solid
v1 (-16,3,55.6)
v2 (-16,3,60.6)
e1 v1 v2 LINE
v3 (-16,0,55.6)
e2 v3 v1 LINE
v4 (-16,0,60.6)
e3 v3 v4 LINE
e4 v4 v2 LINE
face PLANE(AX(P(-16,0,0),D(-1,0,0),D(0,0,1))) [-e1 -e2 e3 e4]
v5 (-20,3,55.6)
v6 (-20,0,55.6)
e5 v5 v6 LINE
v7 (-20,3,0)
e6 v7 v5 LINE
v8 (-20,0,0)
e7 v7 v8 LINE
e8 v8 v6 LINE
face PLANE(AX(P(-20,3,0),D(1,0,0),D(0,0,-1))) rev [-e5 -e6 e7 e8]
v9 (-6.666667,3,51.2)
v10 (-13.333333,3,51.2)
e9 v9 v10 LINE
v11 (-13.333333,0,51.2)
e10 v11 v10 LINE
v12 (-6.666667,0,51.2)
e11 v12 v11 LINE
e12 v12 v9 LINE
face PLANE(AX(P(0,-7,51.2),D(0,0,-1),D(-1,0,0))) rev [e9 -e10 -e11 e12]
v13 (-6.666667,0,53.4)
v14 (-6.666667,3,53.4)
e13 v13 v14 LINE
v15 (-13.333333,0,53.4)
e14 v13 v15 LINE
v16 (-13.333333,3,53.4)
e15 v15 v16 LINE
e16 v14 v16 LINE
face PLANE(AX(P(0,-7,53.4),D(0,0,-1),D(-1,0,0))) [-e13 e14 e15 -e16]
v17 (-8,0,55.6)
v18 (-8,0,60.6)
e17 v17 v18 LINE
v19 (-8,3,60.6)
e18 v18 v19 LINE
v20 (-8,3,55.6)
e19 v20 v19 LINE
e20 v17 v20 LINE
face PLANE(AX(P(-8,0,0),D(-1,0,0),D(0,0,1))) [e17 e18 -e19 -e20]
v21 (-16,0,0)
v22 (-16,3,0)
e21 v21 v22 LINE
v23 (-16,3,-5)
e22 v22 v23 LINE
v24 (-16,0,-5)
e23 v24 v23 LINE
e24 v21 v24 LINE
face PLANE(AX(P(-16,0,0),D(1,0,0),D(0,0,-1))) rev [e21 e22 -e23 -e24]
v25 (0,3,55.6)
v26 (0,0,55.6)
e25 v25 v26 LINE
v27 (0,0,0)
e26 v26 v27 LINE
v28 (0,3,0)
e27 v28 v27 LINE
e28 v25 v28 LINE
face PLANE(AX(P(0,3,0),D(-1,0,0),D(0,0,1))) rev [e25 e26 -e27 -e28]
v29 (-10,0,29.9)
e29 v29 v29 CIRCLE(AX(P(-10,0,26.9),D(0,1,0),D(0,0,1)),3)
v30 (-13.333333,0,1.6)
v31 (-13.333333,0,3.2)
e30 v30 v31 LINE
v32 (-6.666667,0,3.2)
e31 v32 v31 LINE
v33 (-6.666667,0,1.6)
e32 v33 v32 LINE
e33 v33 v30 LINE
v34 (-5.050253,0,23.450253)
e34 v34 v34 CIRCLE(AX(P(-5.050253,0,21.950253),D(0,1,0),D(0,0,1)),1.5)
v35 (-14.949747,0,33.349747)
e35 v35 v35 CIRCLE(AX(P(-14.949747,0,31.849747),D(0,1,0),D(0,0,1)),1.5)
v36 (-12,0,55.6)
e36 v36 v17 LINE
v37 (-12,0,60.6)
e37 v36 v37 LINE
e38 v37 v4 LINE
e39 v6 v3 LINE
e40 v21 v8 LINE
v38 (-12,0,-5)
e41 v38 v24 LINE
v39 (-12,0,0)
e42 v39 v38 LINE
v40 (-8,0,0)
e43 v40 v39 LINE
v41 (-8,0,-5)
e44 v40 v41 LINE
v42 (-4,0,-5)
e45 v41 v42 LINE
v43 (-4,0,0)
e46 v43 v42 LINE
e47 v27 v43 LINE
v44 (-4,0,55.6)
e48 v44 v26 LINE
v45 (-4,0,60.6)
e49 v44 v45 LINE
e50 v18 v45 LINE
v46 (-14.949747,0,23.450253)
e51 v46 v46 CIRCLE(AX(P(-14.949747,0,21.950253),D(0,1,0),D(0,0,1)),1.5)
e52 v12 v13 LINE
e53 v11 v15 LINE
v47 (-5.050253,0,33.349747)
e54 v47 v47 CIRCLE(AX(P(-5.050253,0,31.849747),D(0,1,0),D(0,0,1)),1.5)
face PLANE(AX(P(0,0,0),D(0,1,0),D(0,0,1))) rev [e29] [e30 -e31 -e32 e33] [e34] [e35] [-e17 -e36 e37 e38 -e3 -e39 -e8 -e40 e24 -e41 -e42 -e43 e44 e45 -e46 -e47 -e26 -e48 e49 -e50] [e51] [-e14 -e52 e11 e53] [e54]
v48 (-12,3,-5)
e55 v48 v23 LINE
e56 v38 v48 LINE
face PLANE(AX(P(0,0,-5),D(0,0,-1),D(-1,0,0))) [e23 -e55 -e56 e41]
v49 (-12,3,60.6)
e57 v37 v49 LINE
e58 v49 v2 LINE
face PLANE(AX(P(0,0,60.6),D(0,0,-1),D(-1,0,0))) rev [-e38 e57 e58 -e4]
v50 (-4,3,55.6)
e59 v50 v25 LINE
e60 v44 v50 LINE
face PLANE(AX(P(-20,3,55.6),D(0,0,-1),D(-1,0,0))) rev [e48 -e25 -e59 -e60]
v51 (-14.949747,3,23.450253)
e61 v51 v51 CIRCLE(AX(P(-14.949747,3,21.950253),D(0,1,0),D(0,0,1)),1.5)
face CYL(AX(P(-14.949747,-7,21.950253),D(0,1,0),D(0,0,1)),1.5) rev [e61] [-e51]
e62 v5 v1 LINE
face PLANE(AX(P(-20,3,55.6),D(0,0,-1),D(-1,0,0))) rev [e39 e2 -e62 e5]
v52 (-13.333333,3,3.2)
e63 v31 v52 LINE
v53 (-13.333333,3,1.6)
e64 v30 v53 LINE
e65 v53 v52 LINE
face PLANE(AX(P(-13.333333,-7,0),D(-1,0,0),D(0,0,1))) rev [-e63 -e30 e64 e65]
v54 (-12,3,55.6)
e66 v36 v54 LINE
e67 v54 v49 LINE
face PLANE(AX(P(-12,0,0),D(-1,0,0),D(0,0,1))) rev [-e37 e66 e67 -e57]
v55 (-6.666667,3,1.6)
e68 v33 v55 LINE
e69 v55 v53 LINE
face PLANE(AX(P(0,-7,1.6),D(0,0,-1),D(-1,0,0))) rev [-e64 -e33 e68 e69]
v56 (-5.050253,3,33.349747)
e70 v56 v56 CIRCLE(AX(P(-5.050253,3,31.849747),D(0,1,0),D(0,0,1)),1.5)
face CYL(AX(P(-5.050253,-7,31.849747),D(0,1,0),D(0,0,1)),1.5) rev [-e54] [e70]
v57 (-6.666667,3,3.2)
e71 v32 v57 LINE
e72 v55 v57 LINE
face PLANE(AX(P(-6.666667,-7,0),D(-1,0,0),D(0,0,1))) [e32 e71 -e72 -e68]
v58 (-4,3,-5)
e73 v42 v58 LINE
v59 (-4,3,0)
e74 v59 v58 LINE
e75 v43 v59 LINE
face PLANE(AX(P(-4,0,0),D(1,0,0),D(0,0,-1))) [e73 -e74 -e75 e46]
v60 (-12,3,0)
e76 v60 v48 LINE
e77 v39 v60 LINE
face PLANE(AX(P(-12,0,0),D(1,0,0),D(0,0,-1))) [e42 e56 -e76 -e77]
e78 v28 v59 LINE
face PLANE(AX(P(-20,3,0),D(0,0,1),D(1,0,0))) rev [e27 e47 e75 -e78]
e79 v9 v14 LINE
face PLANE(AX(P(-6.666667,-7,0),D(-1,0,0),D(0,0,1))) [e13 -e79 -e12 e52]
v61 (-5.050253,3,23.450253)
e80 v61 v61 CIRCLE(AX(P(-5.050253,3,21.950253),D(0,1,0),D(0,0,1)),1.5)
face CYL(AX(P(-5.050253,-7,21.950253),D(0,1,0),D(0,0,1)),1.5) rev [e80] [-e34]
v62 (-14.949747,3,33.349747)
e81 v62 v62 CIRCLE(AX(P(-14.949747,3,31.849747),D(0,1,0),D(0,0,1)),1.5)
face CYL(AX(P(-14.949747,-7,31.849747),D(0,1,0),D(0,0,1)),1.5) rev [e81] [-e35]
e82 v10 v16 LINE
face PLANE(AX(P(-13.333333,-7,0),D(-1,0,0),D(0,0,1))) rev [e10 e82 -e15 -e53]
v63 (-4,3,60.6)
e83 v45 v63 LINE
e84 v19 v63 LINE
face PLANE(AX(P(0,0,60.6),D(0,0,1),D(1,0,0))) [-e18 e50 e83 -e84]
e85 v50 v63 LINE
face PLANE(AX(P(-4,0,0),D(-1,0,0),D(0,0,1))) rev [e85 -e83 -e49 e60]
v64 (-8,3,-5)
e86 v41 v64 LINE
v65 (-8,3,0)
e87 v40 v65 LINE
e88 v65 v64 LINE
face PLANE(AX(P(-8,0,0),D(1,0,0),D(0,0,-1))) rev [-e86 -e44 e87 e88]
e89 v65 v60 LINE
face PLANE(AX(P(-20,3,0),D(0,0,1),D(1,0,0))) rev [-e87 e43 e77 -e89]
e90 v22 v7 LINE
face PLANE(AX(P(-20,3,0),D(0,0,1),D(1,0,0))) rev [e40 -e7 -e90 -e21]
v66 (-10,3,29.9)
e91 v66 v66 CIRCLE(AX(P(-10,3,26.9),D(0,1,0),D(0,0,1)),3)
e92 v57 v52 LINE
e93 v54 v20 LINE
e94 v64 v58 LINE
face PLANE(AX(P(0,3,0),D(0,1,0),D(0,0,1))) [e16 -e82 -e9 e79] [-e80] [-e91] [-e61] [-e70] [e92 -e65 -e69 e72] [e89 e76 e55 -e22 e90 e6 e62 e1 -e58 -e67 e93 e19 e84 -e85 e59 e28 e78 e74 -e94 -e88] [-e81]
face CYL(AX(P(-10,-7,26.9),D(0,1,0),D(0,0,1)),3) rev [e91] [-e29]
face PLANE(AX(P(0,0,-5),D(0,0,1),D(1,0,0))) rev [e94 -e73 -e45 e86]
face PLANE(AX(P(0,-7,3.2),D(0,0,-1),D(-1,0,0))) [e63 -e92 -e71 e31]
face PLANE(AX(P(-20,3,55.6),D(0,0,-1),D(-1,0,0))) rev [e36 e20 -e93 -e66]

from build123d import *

# Parameters (mm, degrees)
SKETCH_1_W          = 20
SKETCH_1_H          = 55.6
EXTRUDE_1_DEPTH     = 3
SKETCH_2_W          = 4
SKETCH_2_H          = 5
EXTRUDE_2_DEPTH     = 3
SKETCH_3_W          = 6.666666666
SKETCH_3_H          = 2.2
SKETCH_3_R          = 1.5
SKETCH_3_R_2        = 3
SKETCH_3_H_2        = 1.6
CUT_EXTRUDE_1_DEPTH = 10


with BuildPart() as part:
    # 草图1 → 凸台-拉伸1 (new body)
    with BuildSketch(Plane(origin=(0, 0, 0), x_dir=(1, 0, 0), z_dir=(0, 1, 0))):
        with Locations((-10, -27.8)):
            Rectangle(SKETCH_1_W, SKETCH_1_H)
    extrude(amount=EXTRUDE_1_DEPTH)

    # 草图2 → 凸台-拉伸2 (add)
    with BuildSketch(Plane(origin=(0, 3, 0), x_dir=(1, 0, 0), z_dir=(0, 1, 0))):
        with Locations((-14, 2.5)):
            Rectangle(SKETCH_2_W, SKETCH_2_H)
        with Locations((-6, 2.5)):
            Rectangle(SKETCH_2_W, SKETCH_2_H)
        with Locations((-14, -58.1)):
            Rectangle(SKETCH_2_W, SKETCH_2_H)
        with Locations((-6, -58.1)):
            Rectangle(SKETCH_2_W, SKETCH_2_H)
    extrude(amount=-EXTRUDE_2_DEPTH)

    # 草图3 → 切除-拉伸1 (cut)
    with BuildSketch(Plane(origin=(0, 3, 0), x_dir=(1, 0, 0), z_dir=(0, 1, 0))):
        with Locations((-10, -52.3)):
            Rectangle(SKETCH_3_W, SKETCH_3_H)
        with Locations(Location((-5.050252532, -31.849747468, 0), (0, 0, 270))):
            Circle(SKETCH_3_R)
        with Locations(Location((-10, -26.9, 0), (0, 0, 270))):
            Circle(SKETCH_3_R_2)
        with Locations((-10, -2.4)):
            Rectangle(SKETCH_3_W, SKETCH_3_H_2)
        with Locations(Location((-14.949747468, -31.849747468, 0), (0, 0, 270))):
            Circle(SKETCH_3_R)
        with Locations(Location((-14.949747468, -21.950252532, 0), (0, 0, 270))):
            Circle(SKETCH_3_R)
        with Locations(Location((-5.050252532, -21.950252532, 0), (0, 0, 270))):
            Circle(SKETCH_3_R)
    extrude(amount=-CUT_EXTRUDE_1_DEPTH, mode=Mode.SUBTRACT)


solid = part.part
